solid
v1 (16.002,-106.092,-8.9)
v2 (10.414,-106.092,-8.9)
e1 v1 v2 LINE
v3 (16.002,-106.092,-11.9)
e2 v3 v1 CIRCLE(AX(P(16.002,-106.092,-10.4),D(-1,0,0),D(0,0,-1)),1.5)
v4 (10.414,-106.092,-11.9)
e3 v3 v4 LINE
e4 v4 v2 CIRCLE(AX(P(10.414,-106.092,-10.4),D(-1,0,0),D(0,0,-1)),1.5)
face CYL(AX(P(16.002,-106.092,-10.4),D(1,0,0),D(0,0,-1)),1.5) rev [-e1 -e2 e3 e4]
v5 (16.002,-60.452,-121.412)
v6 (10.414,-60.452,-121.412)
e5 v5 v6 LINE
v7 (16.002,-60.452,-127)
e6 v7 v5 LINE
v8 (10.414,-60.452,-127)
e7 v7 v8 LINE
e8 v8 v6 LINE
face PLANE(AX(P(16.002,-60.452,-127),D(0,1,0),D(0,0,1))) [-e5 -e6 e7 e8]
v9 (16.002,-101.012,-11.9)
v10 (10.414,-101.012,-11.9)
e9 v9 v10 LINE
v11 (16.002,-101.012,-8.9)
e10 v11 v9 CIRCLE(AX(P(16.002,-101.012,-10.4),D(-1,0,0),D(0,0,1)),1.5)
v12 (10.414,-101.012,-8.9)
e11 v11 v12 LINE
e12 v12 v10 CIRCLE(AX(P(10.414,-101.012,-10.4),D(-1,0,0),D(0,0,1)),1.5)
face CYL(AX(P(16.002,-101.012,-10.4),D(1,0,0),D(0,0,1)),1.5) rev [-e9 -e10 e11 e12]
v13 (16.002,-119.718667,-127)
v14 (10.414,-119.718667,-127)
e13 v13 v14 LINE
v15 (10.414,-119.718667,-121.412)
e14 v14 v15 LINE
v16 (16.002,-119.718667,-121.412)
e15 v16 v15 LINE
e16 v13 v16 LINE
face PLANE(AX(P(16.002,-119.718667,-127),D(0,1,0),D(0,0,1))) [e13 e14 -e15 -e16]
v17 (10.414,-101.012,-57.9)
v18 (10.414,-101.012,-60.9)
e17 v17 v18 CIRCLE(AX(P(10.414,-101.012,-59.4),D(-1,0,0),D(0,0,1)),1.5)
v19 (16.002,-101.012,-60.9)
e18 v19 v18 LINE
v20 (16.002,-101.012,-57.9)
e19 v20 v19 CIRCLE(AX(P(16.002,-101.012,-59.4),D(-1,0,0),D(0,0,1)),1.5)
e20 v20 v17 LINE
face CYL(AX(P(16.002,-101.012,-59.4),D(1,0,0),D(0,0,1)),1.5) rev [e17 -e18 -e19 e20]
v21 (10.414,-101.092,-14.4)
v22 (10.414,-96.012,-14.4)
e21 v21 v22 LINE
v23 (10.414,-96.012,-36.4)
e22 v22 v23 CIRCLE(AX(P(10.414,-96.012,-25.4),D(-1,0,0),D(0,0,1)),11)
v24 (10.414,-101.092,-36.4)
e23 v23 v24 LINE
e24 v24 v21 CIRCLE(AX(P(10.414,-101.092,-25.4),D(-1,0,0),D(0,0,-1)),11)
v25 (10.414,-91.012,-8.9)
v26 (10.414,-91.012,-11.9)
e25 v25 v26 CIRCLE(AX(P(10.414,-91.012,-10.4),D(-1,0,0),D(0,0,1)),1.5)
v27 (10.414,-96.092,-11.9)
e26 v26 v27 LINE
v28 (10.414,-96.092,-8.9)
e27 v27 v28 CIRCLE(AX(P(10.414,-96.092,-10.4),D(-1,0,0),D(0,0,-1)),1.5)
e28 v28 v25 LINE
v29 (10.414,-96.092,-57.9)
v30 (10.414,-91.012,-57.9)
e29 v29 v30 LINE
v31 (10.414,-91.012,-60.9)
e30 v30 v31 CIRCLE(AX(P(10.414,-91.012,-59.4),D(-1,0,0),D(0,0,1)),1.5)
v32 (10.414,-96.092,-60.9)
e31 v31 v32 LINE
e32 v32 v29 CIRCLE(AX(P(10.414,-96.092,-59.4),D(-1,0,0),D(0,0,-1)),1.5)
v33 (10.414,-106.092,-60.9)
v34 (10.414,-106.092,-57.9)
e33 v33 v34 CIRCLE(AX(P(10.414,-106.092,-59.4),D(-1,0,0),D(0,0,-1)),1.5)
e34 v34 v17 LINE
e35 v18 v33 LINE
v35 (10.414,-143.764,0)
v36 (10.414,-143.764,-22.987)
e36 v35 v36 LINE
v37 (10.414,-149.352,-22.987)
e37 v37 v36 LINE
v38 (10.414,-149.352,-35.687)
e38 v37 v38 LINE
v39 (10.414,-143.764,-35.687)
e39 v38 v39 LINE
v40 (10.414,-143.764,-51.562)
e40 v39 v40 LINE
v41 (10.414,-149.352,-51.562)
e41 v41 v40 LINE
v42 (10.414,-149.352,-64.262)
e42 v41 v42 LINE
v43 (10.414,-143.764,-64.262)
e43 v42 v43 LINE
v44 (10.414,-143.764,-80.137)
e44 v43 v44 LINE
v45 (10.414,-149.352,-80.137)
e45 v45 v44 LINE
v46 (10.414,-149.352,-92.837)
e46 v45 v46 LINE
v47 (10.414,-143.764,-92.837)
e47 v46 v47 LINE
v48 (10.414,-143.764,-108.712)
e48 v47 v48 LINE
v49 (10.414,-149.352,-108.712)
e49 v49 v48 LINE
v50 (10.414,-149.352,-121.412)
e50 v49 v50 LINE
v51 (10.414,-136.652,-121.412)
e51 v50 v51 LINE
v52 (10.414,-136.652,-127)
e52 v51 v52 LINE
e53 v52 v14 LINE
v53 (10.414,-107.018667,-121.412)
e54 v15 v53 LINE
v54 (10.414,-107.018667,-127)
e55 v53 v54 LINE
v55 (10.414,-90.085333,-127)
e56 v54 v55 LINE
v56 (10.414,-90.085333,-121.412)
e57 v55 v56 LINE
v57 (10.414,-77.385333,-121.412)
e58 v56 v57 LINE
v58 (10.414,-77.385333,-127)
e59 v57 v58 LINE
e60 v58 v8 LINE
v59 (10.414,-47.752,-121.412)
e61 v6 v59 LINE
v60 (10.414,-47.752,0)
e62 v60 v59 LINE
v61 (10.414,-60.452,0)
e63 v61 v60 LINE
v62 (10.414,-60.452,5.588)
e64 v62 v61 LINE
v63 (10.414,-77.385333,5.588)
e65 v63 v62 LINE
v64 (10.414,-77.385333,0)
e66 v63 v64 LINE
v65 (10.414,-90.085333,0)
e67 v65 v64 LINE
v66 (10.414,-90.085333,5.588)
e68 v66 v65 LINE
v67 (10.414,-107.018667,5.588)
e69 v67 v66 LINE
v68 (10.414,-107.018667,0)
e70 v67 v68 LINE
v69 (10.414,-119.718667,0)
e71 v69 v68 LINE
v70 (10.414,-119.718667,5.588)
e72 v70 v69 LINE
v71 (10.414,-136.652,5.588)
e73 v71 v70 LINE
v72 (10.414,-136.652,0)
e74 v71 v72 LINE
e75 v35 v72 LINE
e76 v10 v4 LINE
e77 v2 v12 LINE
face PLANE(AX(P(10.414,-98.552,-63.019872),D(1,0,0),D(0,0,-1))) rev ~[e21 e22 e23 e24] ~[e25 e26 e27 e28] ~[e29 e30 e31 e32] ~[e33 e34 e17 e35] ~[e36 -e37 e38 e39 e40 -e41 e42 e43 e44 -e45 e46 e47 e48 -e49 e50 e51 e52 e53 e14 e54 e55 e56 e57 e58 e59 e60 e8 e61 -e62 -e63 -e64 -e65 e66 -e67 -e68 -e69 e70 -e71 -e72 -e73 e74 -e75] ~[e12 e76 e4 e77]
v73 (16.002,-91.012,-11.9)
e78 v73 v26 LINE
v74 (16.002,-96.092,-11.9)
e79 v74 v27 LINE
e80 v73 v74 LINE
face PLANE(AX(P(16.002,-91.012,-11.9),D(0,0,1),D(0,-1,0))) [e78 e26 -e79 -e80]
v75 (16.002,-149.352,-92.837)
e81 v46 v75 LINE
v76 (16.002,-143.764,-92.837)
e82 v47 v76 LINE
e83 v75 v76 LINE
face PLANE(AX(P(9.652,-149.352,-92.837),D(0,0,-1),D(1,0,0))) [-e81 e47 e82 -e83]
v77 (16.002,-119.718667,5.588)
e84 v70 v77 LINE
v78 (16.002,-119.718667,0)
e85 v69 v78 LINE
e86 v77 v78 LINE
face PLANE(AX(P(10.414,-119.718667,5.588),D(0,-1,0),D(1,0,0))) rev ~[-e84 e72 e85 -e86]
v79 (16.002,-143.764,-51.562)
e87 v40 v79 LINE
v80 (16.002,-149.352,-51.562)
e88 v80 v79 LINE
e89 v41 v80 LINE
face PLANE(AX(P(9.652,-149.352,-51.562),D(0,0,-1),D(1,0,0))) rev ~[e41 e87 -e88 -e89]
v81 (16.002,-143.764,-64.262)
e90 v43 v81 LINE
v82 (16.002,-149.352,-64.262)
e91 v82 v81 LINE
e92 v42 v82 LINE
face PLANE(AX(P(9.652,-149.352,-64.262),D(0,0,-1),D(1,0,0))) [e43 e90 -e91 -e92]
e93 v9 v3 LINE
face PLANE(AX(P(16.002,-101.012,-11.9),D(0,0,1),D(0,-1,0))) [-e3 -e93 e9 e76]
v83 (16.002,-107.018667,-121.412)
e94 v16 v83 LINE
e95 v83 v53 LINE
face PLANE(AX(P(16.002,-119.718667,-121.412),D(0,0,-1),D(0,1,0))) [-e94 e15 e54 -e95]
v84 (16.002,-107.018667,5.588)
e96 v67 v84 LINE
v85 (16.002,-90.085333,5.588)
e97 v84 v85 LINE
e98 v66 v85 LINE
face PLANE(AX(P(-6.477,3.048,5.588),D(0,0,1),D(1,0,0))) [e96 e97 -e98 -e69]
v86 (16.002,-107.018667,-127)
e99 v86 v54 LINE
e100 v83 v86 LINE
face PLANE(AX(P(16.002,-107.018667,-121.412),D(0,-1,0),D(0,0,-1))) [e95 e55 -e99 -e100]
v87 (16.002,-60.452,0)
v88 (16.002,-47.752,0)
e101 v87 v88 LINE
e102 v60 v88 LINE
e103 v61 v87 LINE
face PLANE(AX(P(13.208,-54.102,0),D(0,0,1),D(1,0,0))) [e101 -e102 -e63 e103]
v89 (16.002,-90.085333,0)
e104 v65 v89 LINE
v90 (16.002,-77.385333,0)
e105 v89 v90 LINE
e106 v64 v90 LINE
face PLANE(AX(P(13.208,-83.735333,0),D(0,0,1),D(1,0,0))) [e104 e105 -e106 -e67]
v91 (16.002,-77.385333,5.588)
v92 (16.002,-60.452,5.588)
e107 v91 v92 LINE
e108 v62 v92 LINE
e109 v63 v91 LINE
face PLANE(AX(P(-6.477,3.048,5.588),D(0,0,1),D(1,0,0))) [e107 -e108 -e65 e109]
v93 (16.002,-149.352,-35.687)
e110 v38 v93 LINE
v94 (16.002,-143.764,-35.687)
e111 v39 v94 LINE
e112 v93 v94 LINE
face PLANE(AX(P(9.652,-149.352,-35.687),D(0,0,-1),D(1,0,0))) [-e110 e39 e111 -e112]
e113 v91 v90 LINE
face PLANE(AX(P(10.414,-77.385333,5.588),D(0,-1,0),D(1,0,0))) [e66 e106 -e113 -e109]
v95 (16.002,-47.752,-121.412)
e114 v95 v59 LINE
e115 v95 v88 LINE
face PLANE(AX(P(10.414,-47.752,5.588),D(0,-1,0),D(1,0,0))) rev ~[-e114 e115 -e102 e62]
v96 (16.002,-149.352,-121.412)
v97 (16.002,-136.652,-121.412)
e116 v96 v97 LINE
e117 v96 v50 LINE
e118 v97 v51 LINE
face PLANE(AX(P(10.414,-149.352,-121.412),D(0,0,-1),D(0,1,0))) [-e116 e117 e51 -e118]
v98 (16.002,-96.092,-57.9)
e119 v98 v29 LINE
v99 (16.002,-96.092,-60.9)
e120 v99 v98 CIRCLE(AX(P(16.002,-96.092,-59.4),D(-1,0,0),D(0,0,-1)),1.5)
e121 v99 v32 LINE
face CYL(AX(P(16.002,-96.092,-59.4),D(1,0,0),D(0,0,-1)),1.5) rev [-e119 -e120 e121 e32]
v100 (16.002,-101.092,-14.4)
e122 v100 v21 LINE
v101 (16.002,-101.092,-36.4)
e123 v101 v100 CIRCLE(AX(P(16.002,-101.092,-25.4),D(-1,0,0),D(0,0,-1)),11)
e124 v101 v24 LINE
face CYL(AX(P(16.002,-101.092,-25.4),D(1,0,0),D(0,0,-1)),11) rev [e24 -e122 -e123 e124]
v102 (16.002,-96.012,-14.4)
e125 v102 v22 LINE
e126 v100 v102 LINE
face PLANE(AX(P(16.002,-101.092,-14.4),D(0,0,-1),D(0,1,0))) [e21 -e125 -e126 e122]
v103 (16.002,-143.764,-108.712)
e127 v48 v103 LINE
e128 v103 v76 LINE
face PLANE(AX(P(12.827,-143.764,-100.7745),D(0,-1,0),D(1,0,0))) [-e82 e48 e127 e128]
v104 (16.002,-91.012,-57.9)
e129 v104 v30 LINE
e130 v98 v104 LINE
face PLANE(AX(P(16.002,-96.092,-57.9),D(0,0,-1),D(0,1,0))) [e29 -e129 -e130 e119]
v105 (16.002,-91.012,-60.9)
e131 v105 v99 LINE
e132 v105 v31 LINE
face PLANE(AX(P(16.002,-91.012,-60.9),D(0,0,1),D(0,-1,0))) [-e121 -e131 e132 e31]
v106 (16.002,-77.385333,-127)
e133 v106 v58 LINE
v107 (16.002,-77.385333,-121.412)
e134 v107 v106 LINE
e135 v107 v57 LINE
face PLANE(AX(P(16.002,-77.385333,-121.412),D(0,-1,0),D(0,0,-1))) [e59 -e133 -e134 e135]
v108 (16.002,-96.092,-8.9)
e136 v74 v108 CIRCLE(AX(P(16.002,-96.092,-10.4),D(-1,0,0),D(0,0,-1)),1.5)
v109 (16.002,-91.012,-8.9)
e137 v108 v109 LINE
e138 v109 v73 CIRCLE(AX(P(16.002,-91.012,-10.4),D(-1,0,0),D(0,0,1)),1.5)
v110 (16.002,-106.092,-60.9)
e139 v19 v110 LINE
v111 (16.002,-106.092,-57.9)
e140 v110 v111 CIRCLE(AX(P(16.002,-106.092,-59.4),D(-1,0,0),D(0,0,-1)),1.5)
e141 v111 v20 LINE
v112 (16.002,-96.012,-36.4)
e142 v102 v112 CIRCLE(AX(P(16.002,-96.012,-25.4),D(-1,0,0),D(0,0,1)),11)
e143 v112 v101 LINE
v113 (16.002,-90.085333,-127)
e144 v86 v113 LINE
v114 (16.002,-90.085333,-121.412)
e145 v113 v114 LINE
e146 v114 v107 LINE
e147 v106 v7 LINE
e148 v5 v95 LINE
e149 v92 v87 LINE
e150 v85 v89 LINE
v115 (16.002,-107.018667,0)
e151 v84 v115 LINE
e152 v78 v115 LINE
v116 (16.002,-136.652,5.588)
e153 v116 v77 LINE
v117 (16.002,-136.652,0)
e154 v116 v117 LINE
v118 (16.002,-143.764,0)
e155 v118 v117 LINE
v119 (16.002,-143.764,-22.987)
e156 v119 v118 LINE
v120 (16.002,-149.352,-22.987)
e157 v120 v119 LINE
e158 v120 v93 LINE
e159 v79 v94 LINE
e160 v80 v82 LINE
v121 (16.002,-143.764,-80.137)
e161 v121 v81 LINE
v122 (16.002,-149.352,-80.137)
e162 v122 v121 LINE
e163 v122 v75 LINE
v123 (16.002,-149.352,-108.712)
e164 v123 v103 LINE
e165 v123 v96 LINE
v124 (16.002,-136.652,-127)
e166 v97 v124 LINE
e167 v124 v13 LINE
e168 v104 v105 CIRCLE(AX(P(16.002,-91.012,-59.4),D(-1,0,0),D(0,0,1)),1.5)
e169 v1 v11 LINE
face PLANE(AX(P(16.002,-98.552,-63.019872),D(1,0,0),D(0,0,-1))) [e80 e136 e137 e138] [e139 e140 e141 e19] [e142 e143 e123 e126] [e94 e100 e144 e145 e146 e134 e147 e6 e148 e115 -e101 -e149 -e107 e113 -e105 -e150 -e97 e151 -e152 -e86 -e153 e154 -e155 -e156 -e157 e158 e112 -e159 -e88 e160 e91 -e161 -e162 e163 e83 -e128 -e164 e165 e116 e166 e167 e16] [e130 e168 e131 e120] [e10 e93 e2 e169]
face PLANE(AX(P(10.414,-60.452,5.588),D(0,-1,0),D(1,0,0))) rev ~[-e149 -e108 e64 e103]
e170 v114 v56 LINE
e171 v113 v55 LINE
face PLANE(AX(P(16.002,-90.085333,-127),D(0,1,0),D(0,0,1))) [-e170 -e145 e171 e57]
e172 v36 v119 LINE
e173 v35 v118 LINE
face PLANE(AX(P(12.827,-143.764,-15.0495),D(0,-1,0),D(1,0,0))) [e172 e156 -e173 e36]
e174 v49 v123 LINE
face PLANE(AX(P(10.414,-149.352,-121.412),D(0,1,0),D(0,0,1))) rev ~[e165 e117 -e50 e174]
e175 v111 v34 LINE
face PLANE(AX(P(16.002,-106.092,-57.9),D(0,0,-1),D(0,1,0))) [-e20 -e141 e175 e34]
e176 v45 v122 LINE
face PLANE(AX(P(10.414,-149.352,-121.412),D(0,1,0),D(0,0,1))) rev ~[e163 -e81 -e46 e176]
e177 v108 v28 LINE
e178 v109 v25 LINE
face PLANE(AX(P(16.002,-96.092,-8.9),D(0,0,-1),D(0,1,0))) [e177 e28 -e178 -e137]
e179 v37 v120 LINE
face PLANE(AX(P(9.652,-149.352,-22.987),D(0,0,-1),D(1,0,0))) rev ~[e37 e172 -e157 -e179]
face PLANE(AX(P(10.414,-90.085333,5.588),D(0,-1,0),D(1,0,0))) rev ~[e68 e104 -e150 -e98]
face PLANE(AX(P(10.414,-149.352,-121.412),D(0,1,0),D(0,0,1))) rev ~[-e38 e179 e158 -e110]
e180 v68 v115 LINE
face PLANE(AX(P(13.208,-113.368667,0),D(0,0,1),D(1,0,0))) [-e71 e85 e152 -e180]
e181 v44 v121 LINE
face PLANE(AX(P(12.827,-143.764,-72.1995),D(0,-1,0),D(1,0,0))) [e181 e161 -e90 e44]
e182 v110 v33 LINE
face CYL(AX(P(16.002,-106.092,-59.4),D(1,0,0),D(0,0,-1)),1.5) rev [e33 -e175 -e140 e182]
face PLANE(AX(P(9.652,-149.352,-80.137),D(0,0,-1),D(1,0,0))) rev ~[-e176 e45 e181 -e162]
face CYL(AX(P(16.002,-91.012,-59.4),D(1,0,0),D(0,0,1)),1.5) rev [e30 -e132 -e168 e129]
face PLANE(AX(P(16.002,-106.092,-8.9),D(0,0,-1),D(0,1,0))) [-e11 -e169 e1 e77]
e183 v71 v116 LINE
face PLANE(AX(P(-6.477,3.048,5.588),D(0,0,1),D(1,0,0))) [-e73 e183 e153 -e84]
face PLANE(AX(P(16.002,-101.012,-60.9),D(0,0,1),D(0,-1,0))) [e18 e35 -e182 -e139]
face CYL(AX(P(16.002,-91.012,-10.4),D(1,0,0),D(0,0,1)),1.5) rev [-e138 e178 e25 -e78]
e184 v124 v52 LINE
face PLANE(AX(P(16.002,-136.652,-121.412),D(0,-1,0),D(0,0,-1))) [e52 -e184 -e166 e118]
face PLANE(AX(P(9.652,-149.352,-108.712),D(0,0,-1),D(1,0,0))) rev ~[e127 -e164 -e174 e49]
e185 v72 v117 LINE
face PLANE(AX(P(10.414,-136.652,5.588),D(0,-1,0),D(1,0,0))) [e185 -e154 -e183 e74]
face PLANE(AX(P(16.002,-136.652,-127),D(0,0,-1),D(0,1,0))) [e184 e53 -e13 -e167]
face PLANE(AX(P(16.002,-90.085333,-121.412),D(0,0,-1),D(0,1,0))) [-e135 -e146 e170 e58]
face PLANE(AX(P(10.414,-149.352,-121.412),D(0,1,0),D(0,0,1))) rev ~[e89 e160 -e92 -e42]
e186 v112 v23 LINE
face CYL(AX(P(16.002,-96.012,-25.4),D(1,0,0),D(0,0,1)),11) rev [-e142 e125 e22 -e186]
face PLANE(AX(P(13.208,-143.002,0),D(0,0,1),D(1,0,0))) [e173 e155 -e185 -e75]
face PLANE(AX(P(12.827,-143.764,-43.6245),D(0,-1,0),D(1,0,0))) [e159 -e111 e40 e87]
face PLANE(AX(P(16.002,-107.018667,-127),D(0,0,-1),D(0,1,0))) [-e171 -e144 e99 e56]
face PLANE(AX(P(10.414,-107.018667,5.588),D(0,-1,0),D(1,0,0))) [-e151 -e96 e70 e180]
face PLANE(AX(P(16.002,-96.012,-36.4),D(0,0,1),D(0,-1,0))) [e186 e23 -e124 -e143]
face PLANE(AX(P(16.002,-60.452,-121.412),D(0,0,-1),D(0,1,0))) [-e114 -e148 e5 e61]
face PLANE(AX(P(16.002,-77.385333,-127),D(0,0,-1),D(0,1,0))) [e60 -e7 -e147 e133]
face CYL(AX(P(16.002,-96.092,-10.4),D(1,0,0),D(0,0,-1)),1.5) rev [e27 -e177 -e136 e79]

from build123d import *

# Parameters (mm, degrees)
SKETCH1_W               = 44.958
SKETCH1_H               = 304.8
BOSS_EXTRUDE1_DEPTH     = 5.588
BOSS_EXTRUDE2_DEPTH     = 5.588
SKETCH3_W               = 121.412
SKETCH3_H               = 5.588
BOSS_EXTRUDE3_DEPTH     = 39.37
SKETCH8_W               = 5.588
SKETCH8_H               = 213.451350416
CUT_EXTRUDE4_DEPTH      = 1
CUT_EXTRUDE4_DEPTH_BACK = 133.588
SKETCH6_W               = 5.588
SKETCH6_H               = 12.7
CUT_EXTRUDE5_DEPTH      = 5.588
SKETCH4_3_W             = 6.35
SKETCH4_3_H             = 15.875
SKETCH4_3_H_2           = 5.588
SKETCH4_3_H_3           = 7.112
CUT_EXTRUDE6_DEPTH      = 5.588


with BuildPart() as part:
    # Sketch1 → Boss-Extrude1 (new body)
    with BuildSketch(Plane.XY):
        with Locations((-6.477, 3.048)):
            Rectangle(SKETCH1_W, SKETCH1_H)
        with BuildLine():
            Line((-3.302, 133.858), (-3.302, -143.002))
            Line((-3.302, -143.002), (3.302, -143.002))
            Line((3.302, -143.002), (3.302, 143.002))
            Line((3.302, 143.002), (-16.256, 143.002))
            Line((-16.256, 143.002), (-16.256, 136.398))
            Line((-16.256, 136.398), (-5.842, 136.398))
            ThreePointArc((-5.842, 136.398), (-4.045948776, 135.654051224), (-3.302, 133.858))
        make_face(mode=Mode.SUBTRACT)
    extrude(amount=BOSS_EXTRUDE1_DEPTH)

    # Sketch2 → Boss-Extrude2 (add)
    with BuildSketch(Plane(origin=(16.002, 0, 0), x_dir=(0, 0, -1), z_dir=(1, 0, 0))):
        Polygon((121.412, -47.752), (-5.588, -47.752), (-5.588, -149.352), (121.412, -149.352), (121.412, -136.652), (127, -136.652), (127, -119.718666667), (121.412, -119.718666667), (121.412, -107.018666667), (127, -107.018666667), (127, -90.085333333), (121.412, -90.085333333), (121.412, -77.385333333), (127, -77.385333333), (127, -60.452), (121.412, -60.452), align=None)
        with BuildLine():
            ThreePointArc((11.9, -106.092), (10.4, -107.592), (8.9, -106.092))
            Line((8.9, -106.092), (8.9, -101.012))
            ThreePointArc((8.9, -101.012), (10.4, -99.512), (11.9, -101.012))
            Line((11.9, -101.012), (11.9, -106.092))
        make_face(mode=Mode.SUBTRACT)
        with BuildLine():
            ThreePointArc((60.9, -106.092), (59.4, -107.592), (57.9, -106.092))
            Line((57.9, -106.092), (57.9, -101.012))
            ThreePointArc((57.9, -101.012), (59.4, -99.512), (60.9, -101.012))
            Line((60.9, -101.012), (60.9, -106.092))
        make_face(mode=Mode.SUBTRACT)
        with BuildLine():
            Line((8.9, -96.092), (8.9, -91.012))
            ThreePointArc((8.9, -91.012), (10.4, -89.512), (11.9, -91.012))
            Line((11.9, -91.012), (11.9, -96.092))
            ThreePointArc((11.9, -96.092), (10.4, -97.592), (8.9, -96.092))
        make_face(mode=Mode.SUBTRACT)
        with BuildLine():
            ThreePointArc((36.4, -101.092), (25.4, -112.092), (14.4, -101.092))
            Line((14.4, -101.092), (14.4, -96.012))
            ThreePointArc((14.4, -96.012), (25.4, -85.012), (36.4, -96.012))
            Line((36.4, -96.012), (36.4, -101.092))
        make_face(mode=Mode.SUBTRACT)
        with BuildLine():
            ThreePointArc((57.9, -91.012), (59.4, -89.512), (60.9, -91.012))
            Line((60.9, -91.012), (60.9, -96.092))
            ThreePointArc((60.9, -96.092), (59.4, -97.592), (57.9, -96.092))
            Line((57.9, -96.092), (57.9, -91.012))
        make_face(mode=Mode.SUBTRACT)
    extrude(amount=-BOSS_EXTRUDE2_DEPTH)

    # Sketch3 → Boss-Extrude3 (add)
    with BuildSketch(Plane.ZY.offset(-10.414)):
        with Locations((-60.706, -146.558)):
            Rectangle(SKETCH3_W, SKETCH3_H)
    extrude(amount=BOSS_EXTRUDE3_DEPTH)

    # Sketch8 → Cut-Extrude4 (cut, two sides)
    with BuildSketch(Plane.XY.offset(5.588)) as cut_extrude4_sk:
        Polygon((-28.956, -149.352), (10.414, -149.352), (10.414, -47.752), (10.414, 155.448), (-28.956, 155.448), align=None)
        with BuildLine():
            Line((-16.256, 136.398), (-16.256, 143.002))
            Line((-16.256, 143.002), (3.302, 143.002))
            Line((3.302, 143.002), (3.302, -143.002))
            Line((3.302, -143.002), (-3.302, -143.002))
            Line((-3.302, -143.002), (-3.302, 133.858))
            ThreePointArc((-3.302, 133.858), (-4.045948776, 135.654051224), (-5.842, 136.398))
            Line((-5.842, 136.398), (-16.256, 136.398))
        make_face(mode=Mode.SUBTRACT)
        Polygon((-54.223542679, -149.352), (-28.956, -149.352), (-28.956, 155.448), (10.414, 155.448), (10.414, 165.699350416), (-54.223542679, 165.699350416), align=None)
        with Locations((13.208, 58.973675208)):
            Rectangle(SKETCH8_W, SKETCH8_H)
    extrude(amount=CUT_EXTRUDE4_DEPTH, mode=Mode.SUBTRACT)
    extrude(cut_extrude4_sk.sketch, amount=-CUT_EXTRUDE4_DEPTH_BACK, mode=Mode.SUBTRACT)

    # Sketch6 → Cut-Extrude5 (cut)
    with BuildSketch(Plane.XY.offset(5.588)):
        with Locations((13.208, -54.102)):
            Rectangle(SKETCH6_W, SKETCH6_H)
        with Locations((13.208, -83.735333333)):
            Rectangle(SKETCH6_W, SKETCH6_H)
        with Locations((13.208, -113.368666667)):
            Rectangle(SKETCH6_W, SKETCH6_H)
        with Locations((13.208, -143.002)):
            Rectangle(SKETCH6_W, SKETCH6_H)
    extrude(amount=-CUT_EXTRUDE5_DEPTH, mode=Mode.SUBTRACT)

    # Sketch4<3> → Cut-Extrude6 (cut)
    with BuildSketch(Plane.XZ.offset(149.352)):
        with Locations((12.827, -100.7745)):
            Rectangle(SKETCH4_3_W, SKETCH4_3_H)
        with Locations((12.827, -72.1995)):
            Rectangle(SKETCH4_3_W, SKETCH4_3_H)
        with Locations((12.827, -43.6245)):
            Rectangle(SKETCH4_3_W, SKETCH4_3_H)
        with Locations((12.827, -15.0495)):
            Rectangle(SKETCH4_3_W, SKETCH4_3_H)
        with Locations((12.827, 2.794)):
            Rectangle(SKETCH4_3_W, SKETCH4_3_H_2)
        with Locations((12.827, -3.556)):
            Rectangle(SKETCH4_3_W, SKETCH4_3_H_3)
    extrude(amount=-CUT_EXTRUDE6_DEPTH, mode=Mode.SUBTRACT)


solid = part.part
